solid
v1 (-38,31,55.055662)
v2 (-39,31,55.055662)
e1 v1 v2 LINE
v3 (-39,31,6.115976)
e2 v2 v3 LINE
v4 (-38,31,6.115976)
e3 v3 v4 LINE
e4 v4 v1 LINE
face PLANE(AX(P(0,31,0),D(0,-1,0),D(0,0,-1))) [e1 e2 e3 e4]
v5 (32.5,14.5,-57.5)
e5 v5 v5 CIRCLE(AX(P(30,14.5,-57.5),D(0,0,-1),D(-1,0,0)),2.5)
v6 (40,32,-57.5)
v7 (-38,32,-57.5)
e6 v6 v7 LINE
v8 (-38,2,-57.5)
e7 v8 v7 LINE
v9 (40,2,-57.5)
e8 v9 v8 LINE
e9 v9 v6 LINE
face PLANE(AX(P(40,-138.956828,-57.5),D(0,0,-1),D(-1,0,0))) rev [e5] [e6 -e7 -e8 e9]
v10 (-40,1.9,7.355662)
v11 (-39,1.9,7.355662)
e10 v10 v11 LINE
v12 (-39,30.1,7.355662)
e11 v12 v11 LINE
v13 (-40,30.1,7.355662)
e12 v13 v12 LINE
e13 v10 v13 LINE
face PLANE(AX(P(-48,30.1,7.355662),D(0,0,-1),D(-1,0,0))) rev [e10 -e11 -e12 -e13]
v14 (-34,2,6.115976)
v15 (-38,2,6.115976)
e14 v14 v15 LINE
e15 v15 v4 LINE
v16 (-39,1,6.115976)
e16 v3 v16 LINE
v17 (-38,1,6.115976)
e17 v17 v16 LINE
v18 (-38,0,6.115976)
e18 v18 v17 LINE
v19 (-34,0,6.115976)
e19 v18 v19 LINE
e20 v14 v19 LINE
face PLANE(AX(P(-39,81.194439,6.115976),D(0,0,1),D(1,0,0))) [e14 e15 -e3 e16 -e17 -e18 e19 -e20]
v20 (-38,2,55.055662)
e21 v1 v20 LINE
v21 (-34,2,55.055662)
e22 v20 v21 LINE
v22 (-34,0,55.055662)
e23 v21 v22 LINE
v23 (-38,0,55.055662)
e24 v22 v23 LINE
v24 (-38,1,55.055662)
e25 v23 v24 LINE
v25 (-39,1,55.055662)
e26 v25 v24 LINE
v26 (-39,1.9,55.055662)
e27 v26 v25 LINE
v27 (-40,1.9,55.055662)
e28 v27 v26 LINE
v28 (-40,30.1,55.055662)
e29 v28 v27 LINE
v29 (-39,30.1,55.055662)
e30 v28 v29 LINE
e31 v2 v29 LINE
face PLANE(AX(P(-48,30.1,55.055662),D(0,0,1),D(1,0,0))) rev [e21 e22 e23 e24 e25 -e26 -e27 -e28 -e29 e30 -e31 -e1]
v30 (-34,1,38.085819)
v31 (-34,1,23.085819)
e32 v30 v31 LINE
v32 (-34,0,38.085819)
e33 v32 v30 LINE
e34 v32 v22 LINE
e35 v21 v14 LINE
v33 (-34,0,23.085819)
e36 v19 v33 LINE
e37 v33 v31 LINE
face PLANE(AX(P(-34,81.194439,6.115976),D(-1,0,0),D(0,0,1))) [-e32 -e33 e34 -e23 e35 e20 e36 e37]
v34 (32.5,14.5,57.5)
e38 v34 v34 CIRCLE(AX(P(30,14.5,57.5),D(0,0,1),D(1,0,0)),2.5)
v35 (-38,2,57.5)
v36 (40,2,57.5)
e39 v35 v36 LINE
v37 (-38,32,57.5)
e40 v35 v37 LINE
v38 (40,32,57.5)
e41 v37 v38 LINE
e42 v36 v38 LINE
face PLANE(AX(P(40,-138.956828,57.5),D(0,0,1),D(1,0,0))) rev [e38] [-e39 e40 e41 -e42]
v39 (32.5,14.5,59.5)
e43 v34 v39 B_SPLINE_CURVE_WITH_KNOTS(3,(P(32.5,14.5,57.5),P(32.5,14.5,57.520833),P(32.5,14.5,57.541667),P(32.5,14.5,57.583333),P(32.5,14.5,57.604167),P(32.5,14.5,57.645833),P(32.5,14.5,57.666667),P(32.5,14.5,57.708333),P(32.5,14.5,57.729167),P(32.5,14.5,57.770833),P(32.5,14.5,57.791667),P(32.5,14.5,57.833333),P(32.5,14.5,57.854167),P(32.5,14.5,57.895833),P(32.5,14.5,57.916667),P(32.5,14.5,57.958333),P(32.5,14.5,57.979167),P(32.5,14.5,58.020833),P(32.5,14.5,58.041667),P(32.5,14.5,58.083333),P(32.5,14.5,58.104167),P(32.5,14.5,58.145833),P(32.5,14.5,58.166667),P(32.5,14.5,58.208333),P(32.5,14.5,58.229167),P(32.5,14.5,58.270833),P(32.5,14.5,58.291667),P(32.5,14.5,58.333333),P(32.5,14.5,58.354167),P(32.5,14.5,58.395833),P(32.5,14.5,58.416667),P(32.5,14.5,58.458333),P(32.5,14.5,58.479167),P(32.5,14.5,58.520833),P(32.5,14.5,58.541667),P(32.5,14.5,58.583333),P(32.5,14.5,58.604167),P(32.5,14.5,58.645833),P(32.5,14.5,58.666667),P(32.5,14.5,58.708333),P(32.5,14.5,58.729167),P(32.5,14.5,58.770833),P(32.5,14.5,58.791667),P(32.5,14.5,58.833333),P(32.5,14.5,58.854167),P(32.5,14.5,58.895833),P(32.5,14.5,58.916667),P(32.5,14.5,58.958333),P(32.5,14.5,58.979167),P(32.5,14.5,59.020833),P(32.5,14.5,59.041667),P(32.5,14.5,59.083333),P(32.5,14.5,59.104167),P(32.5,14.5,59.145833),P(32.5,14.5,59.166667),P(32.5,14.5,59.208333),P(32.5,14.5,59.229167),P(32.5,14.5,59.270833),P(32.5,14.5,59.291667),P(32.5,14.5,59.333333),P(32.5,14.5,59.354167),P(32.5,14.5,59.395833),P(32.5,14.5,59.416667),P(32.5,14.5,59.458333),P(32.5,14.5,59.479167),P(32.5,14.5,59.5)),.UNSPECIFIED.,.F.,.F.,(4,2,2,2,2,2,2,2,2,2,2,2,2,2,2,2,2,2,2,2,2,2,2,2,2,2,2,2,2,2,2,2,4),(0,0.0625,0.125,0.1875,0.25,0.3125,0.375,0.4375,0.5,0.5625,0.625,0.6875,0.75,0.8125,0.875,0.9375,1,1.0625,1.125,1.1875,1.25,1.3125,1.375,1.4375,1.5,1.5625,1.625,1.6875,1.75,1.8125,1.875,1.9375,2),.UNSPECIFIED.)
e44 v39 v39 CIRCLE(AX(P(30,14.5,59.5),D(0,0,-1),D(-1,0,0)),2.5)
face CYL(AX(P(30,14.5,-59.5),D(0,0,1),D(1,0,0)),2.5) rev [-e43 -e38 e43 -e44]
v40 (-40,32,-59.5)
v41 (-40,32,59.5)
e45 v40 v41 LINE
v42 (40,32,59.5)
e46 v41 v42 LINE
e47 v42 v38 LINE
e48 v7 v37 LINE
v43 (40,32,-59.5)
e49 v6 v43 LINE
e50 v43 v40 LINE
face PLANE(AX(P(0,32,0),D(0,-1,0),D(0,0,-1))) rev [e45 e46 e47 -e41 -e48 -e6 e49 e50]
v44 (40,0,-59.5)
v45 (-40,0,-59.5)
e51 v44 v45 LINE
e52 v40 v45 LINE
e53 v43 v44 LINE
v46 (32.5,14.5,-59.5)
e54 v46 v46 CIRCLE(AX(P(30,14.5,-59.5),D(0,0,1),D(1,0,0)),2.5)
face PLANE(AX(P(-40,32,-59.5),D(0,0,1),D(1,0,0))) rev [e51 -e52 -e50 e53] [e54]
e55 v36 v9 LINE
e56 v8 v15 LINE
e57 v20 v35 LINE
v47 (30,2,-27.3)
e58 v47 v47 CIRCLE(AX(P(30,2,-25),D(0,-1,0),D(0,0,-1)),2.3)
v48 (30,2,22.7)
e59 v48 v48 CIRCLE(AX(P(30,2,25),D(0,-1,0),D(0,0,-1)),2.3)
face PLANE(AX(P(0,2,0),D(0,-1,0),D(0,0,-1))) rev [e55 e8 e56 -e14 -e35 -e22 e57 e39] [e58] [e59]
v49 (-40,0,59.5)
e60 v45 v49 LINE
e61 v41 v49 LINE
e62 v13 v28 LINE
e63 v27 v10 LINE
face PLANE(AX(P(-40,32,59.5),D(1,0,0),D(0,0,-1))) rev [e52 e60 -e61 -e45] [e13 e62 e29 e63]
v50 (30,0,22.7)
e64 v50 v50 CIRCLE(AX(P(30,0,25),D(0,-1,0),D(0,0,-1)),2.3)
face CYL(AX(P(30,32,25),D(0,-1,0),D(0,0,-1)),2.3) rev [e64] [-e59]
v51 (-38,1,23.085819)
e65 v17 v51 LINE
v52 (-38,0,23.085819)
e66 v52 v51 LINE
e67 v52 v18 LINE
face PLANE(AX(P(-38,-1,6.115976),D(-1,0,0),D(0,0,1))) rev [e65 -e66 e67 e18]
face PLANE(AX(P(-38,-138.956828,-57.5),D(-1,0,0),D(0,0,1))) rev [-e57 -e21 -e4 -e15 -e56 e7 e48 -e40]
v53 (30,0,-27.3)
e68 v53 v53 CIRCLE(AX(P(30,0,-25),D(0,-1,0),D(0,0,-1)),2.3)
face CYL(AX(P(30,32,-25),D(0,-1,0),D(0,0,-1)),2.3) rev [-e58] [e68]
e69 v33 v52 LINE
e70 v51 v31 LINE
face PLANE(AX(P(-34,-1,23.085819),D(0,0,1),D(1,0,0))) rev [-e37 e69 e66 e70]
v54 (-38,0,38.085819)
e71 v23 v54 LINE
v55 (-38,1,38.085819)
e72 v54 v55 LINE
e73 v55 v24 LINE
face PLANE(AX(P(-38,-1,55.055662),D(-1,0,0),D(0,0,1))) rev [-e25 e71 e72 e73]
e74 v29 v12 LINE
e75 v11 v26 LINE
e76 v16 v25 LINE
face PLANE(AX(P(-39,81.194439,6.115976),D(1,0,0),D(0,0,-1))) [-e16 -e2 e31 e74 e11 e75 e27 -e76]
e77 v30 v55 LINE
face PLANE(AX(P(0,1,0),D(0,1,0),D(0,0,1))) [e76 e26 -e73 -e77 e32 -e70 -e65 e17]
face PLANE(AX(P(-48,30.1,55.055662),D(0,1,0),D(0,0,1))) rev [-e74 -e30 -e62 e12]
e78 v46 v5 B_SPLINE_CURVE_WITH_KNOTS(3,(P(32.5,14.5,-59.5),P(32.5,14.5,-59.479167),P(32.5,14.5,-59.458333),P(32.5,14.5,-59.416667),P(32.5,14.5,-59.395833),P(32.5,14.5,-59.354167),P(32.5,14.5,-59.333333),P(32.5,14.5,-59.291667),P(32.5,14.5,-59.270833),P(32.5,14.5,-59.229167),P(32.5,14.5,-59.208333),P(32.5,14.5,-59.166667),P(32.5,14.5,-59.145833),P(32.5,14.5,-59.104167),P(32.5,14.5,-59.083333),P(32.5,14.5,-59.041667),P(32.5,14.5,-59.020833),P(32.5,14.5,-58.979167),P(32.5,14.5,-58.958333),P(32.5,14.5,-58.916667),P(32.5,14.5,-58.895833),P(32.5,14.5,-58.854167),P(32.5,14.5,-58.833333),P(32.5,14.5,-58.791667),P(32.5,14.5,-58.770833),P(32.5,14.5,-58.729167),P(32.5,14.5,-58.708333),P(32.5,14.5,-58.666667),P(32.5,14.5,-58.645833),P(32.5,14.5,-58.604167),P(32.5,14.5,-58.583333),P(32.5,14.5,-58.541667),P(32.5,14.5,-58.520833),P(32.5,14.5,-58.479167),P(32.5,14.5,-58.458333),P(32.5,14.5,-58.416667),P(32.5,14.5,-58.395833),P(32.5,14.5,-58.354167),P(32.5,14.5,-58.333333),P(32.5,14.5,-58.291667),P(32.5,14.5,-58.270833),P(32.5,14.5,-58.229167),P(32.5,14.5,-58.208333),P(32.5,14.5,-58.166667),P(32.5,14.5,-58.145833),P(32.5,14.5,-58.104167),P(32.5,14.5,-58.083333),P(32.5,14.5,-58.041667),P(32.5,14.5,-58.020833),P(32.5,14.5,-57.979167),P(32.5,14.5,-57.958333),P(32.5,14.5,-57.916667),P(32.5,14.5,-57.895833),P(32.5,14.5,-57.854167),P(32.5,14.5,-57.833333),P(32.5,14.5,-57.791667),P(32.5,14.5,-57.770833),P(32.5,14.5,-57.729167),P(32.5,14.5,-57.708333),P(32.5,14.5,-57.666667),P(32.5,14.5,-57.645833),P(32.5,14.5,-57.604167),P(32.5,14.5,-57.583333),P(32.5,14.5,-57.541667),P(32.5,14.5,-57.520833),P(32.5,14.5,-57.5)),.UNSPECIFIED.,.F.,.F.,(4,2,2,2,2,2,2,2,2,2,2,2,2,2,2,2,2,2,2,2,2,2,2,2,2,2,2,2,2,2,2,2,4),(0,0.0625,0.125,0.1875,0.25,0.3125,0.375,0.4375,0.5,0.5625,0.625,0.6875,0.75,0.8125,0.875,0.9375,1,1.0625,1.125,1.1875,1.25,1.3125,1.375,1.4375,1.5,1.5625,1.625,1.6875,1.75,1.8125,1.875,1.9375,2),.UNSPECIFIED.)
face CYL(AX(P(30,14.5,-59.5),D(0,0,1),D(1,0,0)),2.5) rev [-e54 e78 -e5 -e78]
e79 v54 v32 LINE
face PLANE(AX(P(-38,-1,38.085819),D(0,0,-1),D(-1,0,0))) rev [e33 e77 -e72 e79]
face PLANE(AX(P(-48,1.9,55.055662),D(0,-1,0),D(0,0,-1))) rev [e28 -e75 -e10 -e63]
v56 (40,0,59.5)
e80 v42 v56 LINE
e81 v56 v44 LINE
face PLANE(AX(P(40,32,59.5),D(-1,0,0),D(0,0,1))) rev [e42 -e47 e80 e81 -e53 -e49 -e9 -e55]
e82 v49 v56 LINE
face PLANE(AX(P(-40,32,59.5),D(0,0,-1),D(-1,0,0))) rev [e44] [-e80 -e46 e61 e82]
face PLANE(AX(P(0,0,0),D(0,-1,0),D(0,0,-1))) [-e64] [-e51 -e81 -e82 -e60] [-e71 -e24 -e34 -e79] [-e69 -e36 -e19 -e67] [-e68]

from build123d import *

# Parameters (mm, degrees)
SKETCH1_W               = 80
SKETCH1_H               = 119
BOSS_EXTRUDE1_DEPTH     = 32
SKETCH2_W               = 78
SKETCH2_H               = 115
CUT_EXTRUDE1_DEPTH      = 30
CUT_EXTRUDE2_DEPTH      = 130.55693729
CUT_EXTRUDE2_DEPTH_BACK = 130.55693729
SKETCH3_R               = 2.5
SKETCH4_W               = 47.7
SKETCH4_H               = 28.2
CUT_EXTRUDE4_DEPTH      = 10
CUT_EXTRUDE5_START      = -1
SKETCH5_W               = 5
SKETCH5_H               = 48.939685833
CUT_EXTRUDE5_DEPTH      = 30
SKETCH6_W               = 4
SKETCH6_H               = 16.969842916
SKETCH6_H_2             = 16.969842917
CUT_EXTRUDE6_DEPTH      = 2
SKETCH7_R               = 2.3
CUT_EXTRUDE7_DEPTH      = 79.51273782


with BuildPart() as part:
    # Sketch1 → Boss-Extrude1 (new body)
    with BuildSketch(Plane(origin=(0, 0, 0), x_dir=(1, 0, 0), z_dir=(0, 1, 0))):
        Rectangle(SKETCH1_W, SKETCH1_H)
    extrude(amount=BOSS_EXTRUDE1_DEPTH)

    # Sketch2 → Cut-Extrude1 (cut)
    with BuildSketch(Plane(origin=(0, 32, 0), x_dir=(1, 0, 0), z_dir=(0, 1, 0))):
        with Locations((1, 0)):
            Rectangle(SKETCH2_W, SKETCH2_H)
    extrude(amount=-CUT_EXTRUDE1_DEPTH, mode=Mode.SUBTRACT)

    # Sketch3 → Cut-Extrude2 (cut, two sides: drawn at the far end of the back side and taken through both)
    with BuildSketch(Plane.XY.offset(59.5).offset(-CUT_EXTRUDE2_DEPTH_BACK)):
        with Locations((30, 14.5)):
            Circle(SKETCH3_R)
    extrude(amount=CUT_EXTRUDE2_DEPTH + CUT_EXTRUDE2_DEPTH_BACK, mode=Mode.SUBTRACT)

    # Sketch4 → Cut-Extrude4 (cut)
    with BuildSketch(Plane(origin=(-38, 0, 0), x_dir=(0, 0, -1), z_dir=(1, 0, 0))):
        with Locations((-31.205661858, 16)):
            Rectangle(SKETCH4_W, SKETCH4_H)
    extrude(amount=-CUT_EXTRUDE4_DEPTH, mode=Mode.SUBTRACT)

    # Sketch5 → Cut-Extrude5 (cut)
    with BuildSketch(Plane(origin=(0, 2, 0), x_dir=(1, 0, 0), z_dir=(0, 1, 0)).offset(CUT_EXTRUDE5_START)):
        with Locations((-36.5, -30.585818942)):
            Rectangle(SKETCH5_W, SKETCH5_H)
    extrude(amount=CUT_EXTRUDE5_DEPTH, mode=Mode.SUBTRACT)

    # Sketch6 → Cut-Extrude6 (cut)
    with BuildSketch(Plane(origin=(0, 1, 0), x_dir=(1, 0, 0), z_dir=(0, 1, 0))):
        with Locations((-36, -14.600897483)):
            Rectangle(SKETCH6_W, SKETCH6_H)
        with Locations((-36, -46.570740399)):
            Rectangle(SKETCH6_W, SKETCH6_H_2)
    extrude(amount=-CUT_EXTRUDE6_DEPTH, mode=Mode.SUBTRACT)

    # Sketch7 → Cut-Extrude7 (cut, through all)
    with BuildSketch(Plane.XZ):
        with Locations(Location((30, 25, 0), (0, 0, 270))):
            Circle(SKETCH7_R)
        with Locations(Location((30, -25, 0), (0, 0, 270))):
            Circle(SKETCH7_R)
    extrude(amount=-CUT_EXTRUDE7_DEPTH, mode=Mode.SUBTRACT)


solid = part.part
